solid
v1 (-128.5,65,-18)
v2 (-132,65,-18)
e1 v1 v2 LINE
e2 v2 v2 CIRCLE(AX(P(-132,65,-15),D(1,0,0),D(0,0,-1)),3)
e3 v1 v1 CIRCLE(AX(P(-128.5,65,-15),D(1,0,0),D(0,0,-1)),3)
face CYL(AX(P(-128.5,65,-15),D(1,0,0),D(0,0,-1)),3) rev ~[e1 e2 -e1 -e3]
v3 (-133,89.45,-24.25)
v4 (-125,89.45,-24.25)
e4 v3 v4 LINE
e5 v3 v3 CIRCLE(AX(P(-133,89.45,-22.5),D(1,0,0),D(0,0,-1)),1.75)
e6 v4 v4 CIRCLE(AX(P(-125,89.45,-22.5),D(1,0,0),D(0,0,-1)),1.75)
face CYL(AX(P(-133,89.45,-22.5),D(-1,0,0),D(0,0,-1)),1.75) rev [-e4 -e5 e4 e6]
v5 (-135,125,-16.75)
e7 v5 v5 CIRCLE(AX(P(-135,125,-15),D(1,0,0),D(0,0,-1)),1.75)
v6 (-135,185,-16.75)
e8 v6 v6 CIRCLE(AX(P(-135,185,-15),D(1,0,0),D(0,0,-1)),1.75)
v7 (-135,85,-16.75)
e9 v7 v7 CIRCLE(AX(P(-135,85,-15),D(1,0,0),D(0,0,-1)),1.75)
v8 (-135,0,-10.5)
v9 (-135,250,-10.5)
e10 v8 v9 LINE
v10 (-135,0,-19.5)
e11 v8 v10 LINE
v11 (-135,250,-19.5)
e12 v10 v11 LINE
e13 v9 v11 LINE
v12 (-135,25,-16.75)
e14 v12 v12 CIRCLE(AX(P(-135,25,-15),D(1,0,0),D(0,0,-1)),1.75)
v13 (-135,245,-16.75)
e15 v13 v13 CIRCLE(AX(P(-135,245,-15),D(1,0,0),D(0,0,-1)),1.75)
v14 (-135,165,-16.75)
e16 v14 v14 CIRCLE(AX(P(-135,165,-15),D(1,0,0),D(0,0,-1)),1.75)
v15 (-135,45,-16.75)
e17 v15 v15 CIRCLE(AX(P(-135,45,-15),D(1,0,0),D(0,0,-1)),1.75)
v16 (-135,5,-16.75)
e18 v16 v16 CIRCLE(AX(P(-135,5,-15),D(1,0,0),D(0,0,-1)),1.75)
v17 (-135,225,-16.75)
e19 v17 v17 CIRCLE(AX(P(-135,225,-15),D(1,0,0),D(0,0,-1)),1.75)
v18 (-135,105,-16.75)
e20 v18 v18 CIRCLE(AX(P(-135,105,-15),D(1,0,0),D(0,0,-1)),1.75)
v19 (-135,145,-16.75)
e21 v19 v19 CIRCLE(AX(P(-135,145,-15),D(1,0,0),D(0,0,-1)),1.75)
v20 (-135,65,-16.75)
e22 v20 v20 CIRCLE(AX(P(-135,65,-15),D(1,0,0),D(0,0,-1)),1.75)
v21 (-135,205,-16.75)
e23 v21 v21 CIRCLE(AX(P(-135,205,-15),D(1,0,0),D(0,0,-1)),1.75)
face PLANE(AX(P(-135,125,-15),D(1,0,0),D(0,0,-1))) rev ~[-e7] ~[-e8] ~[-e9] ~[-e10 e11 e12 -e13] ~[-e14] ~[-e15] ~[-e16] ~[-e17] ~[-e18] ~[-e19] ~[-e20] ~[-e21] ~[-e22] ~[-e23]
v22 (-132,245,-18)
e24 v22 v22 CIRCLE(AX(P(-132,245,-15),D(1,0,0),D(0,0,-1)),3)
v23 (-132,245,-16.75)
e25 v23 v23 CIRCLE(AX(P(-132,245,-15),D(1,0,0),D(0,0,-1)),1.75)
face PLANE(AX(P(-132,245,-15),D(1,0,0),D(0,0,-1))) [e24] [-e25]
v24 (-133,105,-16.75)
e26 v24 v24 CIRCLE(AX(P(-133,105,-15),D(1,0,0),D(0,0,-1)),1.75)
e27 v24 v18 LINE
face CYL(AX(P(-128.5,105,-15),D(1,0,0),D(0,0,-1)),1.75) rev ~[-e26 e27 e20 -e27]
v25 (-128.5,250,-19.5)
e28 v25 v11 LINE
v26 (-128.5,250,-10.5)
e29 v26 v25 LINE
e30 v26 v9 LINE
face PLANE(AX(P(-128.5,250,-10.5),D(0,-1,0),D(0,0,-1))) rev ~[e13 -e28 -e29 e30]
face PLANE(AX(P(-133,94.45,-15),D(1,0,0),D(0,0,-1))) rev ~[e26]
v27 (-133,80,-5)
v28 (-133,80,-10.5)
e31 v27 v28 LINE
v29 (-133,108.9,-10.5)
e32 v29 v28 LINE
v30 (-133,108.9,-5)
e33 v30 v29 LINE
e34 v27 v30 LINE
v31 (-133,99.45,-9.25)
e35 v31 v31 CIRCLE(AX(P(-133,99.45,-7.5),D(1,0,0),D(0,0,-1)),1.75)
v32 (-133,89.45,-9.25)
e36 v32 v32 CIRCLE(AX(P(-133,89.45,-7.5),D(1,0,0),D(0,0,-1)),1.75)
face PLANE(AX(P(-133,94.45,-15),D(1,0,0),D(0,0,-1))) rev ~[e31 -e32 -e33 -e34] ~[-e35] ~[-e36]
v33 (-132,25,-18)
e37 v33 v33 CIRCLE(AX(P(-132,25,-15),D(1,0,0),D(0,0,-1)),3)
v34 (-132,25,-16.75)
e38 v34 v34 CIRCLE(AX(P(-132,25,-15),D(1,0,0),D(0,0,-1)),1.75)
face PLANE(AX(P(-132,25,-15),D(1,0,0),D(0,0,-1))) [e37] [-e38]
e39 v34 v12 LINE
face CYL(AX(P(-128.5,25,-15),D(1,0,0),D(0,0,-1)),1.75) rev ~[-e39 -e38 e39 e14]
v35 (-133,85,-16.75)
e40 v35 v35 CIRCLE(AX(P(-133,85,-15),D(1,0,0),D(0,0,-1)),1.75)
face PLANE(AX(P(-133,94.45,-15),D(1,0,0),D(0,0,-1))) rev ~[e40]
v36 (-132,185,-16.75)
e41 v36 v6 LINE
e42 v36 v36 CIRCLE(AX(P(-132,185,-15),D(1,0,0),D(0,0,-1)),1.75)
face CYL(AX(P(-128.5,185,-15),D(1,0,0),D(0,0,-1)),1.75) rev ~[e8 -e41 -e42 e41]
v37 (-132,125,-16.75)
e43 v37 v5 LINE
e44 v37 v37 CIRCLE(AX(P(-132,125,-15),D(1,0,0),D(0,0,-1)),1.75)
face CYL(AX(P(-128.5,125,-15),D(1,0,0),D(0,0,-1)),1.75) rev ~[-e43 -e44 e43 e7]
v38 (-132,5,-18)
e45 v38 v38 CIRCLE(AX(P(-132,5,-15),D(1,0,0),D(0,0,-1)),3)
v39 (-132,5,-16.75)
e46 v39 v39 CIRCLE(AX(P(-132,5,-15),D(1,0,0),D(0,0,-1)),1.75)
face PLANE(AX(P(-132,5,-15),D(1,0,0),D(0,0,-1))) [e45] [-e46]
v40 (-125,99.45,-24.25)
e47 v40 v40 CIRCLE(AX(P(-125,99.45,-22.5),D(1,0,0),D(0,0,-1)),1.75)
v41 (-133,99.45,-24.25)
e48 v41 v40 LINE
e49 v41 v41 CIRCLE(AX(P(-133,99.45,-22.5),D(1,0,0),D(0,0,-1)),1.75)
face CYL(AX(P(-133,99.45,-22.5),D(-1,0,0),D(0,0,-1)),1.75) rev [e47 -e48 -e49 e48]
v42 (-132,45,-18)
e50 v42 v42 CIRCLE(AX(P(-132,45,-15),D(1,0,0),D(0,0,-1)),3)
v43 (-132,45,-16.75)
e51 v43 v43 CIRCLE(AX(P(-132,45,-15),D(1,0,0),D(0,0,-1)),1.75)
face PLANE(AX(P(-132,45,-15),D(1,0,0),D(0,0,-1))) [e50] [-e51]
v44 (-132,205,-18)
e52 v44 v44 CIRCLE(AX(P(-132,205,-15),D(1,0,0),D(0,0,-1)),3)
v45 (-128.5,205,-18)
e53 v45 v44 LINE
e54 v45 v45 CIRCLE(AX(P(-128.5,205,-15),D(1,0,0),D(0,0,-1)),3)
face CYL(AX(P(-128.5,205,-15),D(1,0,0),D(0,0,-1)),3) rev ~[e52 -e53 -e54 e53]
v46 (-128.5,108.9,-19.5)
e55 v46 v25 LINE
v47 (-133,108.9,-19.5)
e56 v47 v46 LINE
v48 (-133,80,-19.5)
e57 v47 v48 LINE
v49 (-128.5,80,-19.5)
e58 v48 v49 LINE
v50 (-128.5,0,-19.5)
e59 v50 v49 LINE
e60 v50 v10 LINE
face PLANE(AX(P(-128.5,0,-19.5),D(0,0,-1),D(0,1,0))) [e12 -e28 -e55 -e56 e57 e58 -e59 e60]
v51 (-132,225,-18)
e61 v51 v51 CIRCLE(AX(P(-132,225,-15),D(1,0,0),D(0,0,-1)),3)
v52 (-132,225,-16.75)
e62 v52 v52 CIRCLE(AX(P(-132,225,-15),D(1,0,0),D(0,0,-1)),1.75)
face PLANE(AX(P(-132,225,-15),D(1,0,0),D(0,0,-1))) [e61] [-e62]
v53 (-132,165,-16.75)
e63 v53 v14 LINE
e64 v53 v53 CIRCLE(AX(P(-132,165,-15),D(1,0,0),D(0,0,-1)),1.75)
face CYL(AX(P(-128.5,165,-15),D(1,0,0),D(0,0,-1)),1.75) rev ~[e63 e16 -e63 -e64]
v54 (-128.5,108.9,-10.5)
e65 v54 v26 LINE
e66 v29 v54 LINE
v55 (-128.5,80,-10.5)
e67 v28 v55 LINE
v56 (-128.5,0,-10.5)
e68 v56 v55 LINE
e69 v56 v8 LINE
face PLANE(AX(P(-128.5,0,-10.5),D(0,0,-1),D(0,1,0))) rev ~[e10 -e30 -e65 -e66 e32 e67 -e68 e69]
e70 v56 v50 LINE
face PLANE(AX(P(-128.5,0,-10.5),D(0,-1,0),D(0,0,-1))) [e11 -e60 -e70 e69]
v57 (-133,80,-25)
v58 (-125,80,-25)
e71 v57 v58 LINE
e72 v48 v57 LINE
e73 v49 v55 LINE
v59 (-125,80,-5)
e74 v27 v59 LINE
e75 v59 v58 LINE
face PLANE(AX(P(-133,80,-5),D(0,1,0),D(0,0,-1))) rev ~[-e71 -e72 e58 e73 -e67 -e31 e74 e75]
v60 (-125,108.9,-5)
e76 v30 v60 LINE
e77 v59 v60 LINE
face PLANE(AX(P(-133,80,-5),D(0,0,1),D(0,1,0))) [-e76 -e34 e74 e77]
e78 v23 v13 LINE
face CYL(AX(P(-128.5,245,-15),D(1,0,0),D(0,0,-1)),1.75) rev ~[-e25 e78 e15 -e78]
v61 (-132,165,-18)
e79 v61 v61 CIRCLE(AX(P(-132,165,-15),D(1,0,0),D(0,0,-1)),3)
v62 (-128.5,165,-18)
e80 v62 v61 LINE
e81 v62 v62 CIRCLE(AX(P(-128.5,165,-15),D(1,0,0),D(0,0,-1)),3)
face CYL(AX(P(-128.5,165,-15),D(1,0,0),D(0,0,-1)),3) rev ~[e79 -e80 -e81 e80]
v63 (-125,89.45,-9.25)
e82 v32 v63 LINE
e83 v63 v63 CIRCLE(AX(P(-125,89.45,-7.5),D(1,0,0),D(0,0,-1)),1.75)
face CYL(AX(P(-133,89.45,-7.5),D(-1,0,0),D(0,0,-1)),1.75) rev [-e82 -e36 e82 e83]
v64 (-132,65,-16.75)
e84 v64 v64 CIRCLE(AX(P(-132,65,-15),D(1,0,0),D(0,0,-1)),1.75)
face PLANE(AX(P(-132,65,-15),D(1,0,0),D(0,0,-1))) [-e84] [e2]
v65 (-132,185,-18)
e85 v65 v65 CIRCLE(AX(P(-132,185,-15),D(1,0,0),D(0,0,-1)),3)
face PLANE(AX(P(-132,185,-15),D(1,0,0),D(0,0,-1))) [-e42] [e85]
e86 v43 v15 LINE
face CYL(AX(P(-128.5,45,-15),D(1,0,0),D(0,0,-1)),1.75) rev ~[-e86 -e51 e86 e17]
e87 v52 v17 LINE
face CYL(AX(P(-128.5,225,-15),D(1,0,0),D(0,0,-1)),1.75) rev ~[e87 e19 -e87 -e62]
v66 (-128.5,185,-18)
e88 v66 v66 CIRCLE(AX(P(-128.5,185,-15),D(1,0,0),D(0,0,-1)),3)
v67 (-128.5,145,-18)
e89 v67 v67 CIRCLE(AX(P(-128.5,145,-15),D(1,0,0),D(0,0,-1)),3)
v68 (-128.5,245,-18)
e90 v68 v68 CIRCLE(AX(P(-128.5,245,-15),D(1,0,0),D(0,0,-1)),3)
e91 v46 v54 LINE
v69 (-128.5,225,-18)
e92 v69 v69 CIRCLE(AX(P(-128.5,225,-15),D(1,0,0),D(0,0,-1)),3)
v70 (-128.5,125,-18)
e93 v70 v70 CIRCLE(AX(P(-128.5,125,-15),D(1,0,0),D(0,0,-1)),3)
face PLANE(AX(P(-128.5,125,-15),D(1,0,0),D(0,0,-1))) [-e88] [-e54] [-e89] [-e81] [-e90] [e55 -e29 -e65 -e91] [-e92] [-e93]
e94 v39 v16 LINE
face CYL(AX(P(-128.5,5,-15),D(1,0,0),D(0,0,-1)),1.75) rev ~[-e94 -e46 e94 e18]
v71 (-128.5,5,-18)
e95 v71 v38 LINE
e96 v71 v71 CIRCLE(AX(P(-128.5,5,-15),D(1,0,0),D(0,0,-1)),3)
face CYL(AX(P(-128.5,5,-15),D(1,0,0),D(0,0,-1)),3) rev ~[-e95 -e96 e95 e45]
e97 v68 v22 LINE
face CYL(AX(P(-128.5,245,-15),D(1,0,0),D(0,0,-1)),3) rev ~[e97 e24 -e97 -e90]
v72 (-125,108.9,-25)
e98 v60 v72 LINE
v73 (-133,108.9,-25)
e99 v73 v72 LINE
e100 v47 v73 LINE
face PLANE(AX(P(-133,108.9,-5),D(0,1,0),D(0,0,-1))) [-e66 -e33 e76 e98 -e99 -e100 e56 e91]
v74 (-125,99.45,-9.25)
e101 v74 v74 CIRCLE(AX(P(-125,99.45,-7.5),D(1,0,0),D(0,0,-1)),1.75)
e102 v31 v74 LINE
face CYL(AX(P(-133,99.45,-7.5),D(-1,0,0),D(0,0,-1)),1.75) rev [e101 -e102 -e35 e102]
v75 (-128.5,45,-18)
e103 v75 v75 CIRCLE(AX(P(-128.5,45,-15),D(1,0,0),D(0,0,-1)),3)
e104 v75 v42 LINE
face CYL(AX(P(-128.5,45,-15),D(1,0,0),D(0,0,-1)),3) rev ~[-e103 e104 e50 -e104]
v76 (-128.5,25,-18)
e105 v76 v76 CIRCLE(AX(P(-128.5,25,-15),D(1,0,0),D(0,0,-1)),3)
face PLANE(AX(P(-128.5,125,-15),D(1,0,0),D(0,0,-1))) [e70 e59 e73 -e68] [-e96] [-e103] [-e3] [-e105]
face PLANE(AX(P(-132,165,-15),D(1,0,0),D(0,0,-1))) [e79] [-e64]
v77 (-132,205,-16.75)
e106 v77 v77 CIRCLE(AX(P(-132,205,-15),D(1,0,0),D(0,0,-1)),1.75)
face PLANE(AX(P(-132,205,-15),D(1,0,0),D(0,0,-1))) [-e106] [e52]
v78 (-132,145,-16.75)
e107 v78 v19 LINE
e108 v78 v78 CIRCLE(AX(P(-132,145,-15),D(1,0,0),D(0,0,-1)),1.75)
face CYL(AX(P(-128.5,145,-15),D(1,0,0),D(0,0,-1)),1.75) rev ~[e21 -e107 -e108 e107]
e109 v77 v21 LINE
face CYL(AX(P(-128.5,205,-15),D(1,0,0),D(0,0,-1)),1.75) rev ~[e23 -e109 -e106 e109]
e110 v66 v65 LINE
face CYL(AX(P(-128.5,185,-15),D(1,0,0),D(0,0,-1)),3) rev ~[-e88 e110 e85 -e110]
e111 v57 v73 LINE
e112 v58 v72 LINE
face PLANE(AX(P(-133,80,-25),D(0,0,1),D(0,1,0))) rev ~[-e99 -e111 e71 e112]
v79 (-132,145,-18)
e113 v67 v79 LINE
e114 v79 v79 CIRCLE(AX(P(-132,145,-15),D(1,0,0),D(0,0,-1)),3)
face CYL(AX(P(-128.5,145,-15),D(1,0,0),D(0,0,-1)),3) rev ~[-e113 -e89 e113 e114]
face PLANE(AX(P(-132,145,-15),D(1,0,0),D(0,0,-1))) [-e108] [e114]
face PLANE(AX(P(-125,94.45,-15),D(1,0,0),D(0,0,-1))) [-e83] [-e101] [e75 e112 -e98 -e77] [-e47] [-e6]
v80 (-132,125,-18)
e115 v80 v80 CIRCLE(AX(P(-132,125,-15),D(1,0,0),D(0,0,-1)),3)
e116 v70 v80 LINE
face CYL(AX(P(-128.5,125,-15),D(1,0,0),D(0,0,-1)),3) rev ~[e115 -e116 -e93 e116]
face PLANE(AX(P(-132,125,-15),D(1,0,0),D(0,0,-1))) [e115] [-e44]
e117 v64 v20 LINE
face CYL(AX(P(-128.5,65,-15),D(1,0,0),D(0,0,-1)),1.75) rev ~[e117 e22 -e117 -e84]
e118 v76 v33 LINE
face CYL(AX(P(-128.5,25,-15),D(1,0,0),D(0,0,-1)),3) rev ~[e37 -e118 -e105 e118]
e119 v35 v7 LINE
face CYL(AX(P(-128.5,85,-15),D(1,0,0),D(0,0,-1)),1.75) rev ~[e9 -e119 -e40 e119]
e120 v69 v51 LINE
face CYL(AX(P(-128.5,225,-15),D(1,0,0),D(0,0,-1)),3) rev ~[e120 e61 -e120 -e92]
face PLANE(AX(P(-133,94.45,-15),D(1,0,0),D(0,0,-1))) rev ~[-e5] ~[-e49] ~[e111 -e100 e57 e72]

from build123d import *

# Parameters (mm, degrees)
SKETCH030_W             = 9
SKETCH030_H             = 250
PAD016_DEPTH            = 6.5
SKETCH031_R             = 1.75
POCKET012_DEPTH         = 6.5
LINEARPATTERN007_COUNT  = 13
LINEARPATTERN007_PITCH  = 20
SKETCH032_R             = 3
POCKET013_DEPTH         = 3.5
LINEARPATTERN006_COUNT  = 13
LINEARPATTERN006_PITCH  = 20
SKETCH029_W             = 20
SKETCH029_H             = 28.9
SKETCH029_R             = 1.75
PAD017_DEPTH            = 8
BODY007_PLACEMENT_ANGLE = 90


with BuildPart() as part:
    # Sketch030 → Pad016 (new body)
    with BuildSketch(Plane.XY):
        with Locations((0, 125)):
            Rectangle(SKETCH030_W, SKETCH030_H)
    extrude(amount=-PAD016_DEPTH)

    # Sketch031 → Pocket012 (cut)
    with BuildSketch(Plane.XY):
        with Locations((0, 5)):
            Circle(SKETCH031_R)
    pocket012 = extrude(amount=-POCKET012_DEPTH, mode=Mode.SUBTRACT)

    # LinearPattern007: Pocket012 ×13
    with Locations(*[(0, i * LINEARPATTERN007_PITCH, 0) for i in range(1, LINEARPATTERN007_COUNT)]):
        add(pocket012, mode=Mode.SUBTRACT)

    # Sketch032 → Pocket013 (cut)
    with BuildSketch(Plane.XY):
        with Locations((0, 5)):
            Circle(SKETCH032_R)
    pocket013 = extrude(amount=-POCKET013_DEPTH, mode=Mode.SUBTRACT)

    # LinearPattern006: Pocket013 ×13
    with Locations(*[(0, i * LINEARPATTERN006_PITCH, 0) for i in range(1, LINEARPATTERN006_COUNT)]):
        add(pocket013, mode=Mode.SUBTRACT)

    # Sketch029 → Pad017 (join)
    with BuildSketch(Plane.XY.offset(-4.5)):
        with Locations((0, 94.45)):
            Rectangle(SKETCH029_W, SKETCH029_H)
        with Locations((-7.5, 99.45)):
            Circle(SKETCH029_R, mode=Mode.SUBTRACT)
        with Locations((7.5, 99.45)):
            Circle(SKETCH029_R, mode=Mode.SUBTRACT)
        with Locations((7.5, 89.45)):
            Circle(SKETCH029_R, mode=Mode.SUBTRACT)
        with Locations((-7.5, 89.45)):
            Circle(SKETCH029_R, mode=Mode.SUBTRACT)
    extrude(amount=PAD017_DEPTH)


with BuildPart() as part_1:
    # Body007 placement: moved
    add(part.part.moved(Location((-128.5, 0, -15))).rotate(Axis((-128.5, 0, -15), (0, 1, 0)), BODY007_PLACEMENT_ANGLE))


solid = part_1.part
